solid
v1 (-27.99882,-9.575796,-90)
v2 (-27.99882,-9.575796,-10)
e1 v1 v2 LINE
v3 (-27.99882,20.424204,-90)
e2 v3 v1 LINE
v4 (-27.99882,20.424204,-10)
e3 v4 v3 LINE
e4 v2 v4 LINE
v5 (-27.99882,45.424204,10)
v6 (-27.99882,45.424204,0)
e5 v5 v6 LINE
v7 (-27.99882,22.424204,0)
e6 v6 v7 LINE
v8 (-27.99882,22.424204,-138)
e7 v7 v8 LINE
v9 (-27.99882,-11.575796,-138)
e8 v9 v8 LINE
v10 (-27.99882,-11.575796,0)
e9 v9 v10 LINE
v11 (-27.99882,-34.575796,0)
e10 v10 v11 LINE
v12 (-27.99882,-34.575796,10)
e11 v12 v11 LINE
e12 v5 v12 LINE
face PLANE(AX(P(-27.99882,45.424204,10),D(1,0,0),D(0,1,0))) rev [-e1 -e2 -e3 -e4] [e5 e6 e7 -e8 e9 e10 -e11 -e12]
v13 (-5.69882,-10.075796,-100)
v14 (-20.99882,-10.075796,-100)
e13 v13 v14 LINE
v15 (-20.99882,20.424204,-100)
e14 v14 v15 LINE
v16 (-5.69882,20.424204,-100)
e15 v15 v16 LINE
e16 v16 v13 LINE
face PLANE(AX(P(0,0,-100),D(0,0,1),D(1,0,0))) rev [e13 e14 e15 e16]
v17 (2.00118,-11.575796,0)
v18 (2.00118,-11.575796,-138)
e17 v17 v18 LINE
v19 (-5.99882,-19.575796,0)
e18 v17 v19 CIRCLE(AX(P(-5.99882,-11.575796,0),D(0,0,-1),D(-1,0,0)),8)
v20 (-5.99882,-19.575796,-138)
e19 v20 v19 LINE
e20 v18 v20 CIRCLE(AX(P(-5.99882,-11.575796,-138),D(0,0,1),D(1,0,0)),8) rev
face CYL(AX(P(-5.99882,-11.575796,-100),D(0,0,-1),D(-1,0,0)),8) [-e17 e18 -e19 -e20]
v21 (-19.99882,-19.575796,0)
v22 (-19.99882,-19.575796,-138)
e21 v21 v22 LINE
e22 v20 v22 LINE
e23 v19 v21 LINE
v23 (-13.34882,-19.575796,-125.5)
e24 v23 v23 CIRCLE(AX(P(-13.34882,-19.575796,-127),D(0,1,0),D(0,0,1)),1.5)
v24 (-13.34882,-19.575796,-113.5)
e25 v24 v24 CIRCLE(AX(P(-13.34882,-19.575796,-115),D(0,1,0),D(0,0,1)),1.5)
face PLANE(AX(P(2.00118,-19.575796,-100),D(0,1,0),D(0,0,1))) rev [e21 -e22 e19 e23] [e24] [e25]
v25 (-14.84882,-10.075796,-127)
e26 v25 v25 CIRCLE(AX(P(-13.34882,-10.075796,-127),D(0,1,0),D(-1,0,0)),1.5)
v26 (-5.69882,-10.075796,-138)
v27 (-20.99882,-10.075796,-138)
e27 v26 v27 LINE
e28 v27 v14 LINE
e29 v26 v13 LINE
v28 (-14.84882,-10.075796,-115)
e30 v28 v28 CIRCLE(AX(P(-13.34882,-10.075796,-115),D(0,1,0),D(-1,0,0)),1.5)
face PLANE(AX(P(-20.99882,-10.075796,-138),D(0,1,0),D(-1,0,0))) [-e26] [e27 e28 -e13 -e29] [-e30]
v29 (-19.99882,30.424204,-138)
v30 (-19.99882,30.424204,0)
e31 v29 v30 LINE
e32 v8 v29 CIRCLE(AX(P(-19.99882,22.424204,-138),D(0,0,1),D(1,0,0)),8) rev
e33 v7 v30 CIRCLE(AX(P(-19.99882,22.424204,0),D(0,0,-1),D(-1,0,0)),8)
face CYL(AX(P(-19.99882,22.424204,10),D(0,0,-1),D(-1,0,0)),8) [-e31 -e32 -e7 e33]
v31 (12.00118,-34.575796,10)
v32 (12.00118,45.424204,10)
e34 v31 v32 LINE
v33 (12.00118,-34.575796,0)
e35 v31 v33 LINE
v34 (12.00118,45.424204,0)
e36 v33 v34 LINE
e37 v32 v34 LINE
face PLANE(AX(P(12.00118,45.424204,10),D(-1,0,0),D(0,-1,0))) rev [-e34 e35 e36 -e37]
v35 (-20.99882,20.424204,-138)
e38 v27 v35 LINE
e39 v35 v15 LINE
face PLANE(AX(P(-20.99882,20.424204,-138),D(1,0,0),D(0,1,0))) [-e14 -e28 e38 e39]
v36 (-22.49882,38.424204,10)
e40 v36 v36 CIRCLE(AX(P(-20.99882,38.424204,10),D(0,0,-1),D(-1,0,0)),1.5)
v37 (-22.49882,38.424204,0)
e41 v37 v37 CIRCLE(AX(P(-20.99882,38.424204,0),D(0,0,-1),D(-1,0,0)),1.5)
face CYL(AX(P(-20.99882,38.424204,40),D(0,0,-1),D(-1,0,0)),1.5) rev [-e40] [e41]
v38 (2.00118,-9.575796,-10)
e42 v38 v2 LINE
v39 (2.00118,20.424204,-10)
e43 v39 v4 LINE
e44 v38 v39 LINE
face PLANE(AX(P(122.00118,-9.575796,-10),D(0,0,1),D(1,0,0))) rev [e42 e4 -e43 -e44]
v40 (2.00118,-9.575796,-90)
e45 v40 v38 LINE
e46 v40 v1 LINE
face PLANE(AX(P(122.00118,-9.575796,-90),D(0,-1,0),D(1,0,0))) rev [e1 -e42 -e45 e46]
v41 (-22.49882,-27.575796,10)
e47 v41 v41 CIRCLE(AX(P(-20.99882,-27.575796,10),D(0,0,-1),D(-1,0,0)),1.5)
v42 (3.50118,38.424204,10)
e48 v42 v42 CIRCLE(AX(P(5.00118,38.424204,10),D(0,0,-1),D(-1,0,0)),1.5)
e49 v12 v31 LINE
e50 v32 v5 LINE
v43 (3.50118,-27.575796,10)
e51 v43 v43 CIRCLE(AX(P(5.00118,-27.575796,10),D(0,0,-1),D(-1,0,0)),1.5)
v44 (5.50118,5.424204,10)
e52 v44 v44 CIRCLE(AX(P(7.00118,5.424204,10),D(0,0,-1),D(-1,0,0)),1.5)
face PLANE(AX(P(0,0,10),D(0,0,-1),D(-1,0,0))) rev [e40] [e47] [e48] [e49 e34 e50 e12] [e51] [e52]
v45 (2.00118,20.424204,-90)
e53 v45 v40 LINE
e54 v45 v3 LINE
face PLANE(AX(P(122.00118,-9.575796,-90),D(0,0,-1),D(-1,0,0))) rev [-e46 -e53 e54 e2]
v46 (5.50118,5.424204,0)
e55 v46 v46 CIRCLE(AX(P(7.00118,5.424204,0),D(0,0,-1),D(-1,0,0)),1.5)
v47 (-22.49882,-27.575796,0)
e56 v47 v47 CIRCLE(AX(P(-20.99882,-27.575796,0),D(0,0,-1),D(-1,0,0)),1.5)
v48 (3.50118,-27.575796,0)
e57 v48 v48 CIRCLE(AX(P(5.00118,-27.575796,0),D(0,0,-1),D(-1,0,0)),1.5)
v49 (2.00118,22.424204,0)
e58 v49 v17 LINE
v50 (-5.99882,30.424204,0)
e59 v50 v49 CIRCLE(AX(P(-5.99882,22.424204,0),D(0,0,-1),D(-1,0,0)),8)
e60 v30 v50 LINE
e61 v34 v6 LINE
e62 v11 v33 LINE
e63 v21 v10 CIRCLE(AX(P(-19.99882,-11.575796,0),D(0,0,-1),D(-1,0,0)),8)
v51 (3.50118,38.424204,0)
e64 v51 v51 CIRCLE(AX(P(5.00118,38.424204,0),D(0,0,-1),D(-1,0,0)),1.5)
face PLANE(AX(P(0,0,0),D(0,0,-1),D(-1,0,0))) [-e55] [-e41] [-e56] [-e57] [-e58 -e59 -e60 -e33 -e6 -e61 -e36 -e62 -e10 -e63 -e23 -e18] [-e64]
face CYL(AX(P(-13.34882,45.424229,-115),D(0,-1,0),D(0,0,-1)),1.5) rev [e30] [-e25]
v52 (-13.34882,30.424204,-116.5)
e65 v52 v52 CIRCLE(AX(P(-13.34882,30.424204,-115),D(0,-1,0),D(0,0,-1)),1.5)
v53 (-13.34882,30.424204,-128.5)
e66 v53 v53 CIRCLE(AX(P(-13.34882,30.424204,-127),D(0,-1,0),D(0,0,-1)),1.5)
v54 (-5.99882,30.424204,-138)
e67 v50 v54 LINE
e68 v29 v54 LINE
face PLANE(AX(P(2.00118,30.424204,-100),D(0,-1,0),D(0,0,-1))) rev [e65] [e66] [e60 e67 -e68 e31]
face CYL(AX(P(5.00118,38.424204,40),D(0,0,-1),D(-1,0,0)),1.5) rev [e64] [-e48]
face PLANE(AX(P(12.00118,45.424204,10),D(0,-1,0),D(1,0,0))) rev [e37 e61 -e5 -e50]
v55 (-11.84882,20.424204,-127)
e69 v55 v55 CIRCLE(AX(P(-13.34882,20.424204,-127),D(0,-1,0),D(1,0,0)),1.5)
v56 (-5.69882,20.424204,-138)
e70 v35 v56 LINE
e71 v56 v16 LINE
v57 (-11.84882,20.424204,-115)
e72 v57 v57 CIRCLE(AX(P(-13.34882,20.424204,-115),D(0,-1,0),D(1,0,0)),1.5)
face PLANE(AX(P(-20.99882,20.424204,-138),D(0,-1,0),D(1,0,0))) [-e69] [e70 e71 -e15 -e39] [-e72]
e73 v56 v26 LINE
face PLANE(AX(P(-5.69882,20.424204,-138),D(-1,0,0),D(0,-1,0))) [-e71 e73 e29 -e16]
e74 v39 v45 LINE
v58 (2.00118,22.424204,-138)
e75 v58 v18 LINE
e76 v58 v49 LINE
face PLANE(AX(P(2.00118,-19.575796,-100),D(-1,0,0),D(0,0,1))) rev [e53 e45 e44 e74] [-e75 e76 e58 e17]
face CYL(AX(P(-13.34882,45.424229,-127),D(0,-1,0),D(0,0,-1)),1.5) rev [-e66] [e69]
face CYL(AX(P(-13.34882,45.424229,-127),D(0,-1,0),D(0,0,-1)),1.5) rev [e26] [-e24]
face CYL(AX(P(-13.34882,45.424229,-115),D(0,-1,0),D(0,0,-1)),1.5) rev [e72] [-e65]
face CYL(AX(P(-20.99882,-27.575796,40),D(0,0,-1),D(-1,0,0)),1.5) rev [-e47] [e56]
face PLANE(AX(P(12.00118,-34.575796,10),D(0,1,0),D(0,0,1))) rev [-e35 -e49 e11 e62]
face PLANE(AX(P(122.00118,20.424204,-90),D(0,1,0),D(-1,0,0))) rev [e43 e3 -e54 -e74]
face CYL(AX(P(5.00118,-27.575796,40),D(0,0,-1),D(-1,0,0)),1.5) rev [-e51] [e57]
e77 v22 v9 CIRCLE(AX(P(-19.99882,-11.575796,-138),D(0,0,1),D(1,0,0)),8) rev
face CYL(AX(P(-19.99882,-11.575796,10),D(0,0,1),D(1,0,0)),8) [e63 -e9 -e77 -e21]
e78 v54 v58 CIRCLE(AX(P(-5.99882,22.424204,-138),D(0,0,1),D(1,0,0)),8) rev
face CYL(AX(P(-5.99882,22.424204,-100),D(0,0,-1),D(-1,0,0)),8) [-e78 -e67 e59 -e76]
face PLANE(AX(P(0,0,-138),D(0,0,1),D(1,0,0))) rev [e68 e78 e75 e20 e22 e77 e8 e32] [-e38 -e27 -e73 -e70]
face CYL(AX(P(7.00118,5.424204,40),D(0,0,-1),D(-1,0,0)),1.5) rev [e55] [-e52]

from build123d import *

# Parameters (mm, degrees)
SKETCH1_W               = 40
SKETCH1_H               = 80
BOSS_EXTRUDE1_DEPTH     = 10
SKETCH2_W               = 30
SKETCH2_H               = 50
BOSS_EXTRUDE2_DEPTH     = 100
SKETCH4_W               = 80
SKETCH4_H               = 30
CUT_EXTRUDE1_DEPTH      = 150
SKETCH3_W               = 30
SKETCH3_H               = 50
SKETCH3_W_2             = 15.3
SKETCH3_H_2             = 30.5
BOSS_EXTRUDE3_DEPTH     = 38
FILLET1_R               = 8
FILLET2_R               = 8
FILLET3_R               = 8
FILLET4_R               = 8
SKETCH5_R               = 1.5
CUT_EXTRUDE2_DEPTH      = 56
CUT_EXTRUDE2_DEPTH_BACK = 26
SKETCH6_R               = 1.5
CUT_EXTRUDE3_DEPTH      = 40


with BuildPart() as part:
    # Sketch1 → Boss-Extrude1 (new body)
    with BuildSketch(Plane.XY):
        with Locations((-7.998819607, 5.424203747)):
            Rectangle(SKETCH1_W, SKETCH1_H)
    extrude(amount=BOSS_EXTRUDE1_DEPTH)

    # Sketch2 → Boss-Extrude2 (add)
    with BuildSketch(Plane(origin=(0, 0, 0), x_dir=(-1, 0, 0), z_dir=(0, 0, -1))):
        with Locations((12.998819607, 5.424203747)):
            Rectangle(SKETCH2_W, SKETCH2_H)
    extrude(amount=BOSS_EXTRUDE2_DEPTH)

    # Sketch4 → Cut-Extrude1 (cut)
    with BuildSketch(Plane.ZY.offset(27.998819607)):
        with Locations((-50, 5.424203747)):
            Rectangle(SKETCH4_W, SKETCH4_H)
    extrude(amount=-CUT_EXTRUDE1_DEPTH, mode=Mode.SUBTRACT)

    # Sketch3 → Boss-Extrude3 (add)
    with BuildSketch(Plane(origin=(0, 0, -100), x_dir=(-1, 0, 0), z_dir=(0, 0, -1))):
        with Locations((12.998819607, 5.424203747)):
            Rectangle(SKETCH3_W, SKETCH3_H)
        with Locations((13.348819607, 5.174203747)):
            Rectangle(SKETCH3_W_2, SKETCH3_H_2, mode=Mode.SUBTRACT)
    extrude(amount=BOSS_EXTRUDE3_DEPTH)

    # Fillet1
    fillet1_edges = [part.edges().sort_by_distance(p)[0] for p in [
        (2.001180393, -19.575796253, -69),
    ]]
    fillet(fillet1_edges, radius=FILLET1_R)

    # Fillet2
    fillet2_edges = [part.edges().sort_by_distance(p)[0] for p in [
        (2.001180393, 30.424203747, -69),
    ]]
    fillet(fillet2_edges, radius=FILLET2_R)

    # Fillet3
    fillet3_edges = [part.edges().sort_by_distance(p)[0] for p in [
        (-27.998819607, -19.575796253, -69),
    ]]
    fillet(fillet3_edges, radius=FILLET3_R)

    # Fillet4
    fillet4_edges = [part.edges().sort_by_distance(p)[0] for p in [
        (-27.998819607, 30.424203747, -69),
    ]]
    fillet(fillet4_edges, radius=FILLET4_R)

    # Sketch5 → Cut-Extrude2 (cut, two sides)
    with BuildSketch(Plane.XZ.offset(-20.424203747)) as cut_extrude2_sk:
        with Locations((-13.348819607, -115)):
            Circle(SKETCH5_R)
        with Locations((-13.348819607, -127)):
            Circle(SKETCH5_R)
    extrude(amount=CUT_EXTRUDE2_DEPTH, mode=Mode.SUBTRACT)
    extrude(cut_extrude2_sk.sketch, amount=-CUT_EXTRUDE2_DEPTH_BACK, mode=Mode.SUBTRACT)

    # Sketch6 → Cut-Extrude3 (cut)
    with BuildSketch(Plane(origin=(0, 0, 0), x_dir=(-1, 0, 0), z_dir=(0, 0, -1))):
        with Locations((20.998819607, 38.424203747)):
            Circle(SKETCH6_R)
        with Locations((-5.001180393, 38.424203747)):
            Circle(SKETCH6_R)
        with Locations((20.998819607, -27.575796253)):
            Circle(SKETCH6_R)
        with Locations((-5.001180393, -27.575796253)):
            Circle(SKETCH6_R)
        with Locations((-7.001180393, 5.424203747)):
            Circle(SKETCH6_R)
    extrude(amount=-CUT_EXTRUDE3_DEPTH, mode=Mode.SUBTRACT)


solid = part.part
